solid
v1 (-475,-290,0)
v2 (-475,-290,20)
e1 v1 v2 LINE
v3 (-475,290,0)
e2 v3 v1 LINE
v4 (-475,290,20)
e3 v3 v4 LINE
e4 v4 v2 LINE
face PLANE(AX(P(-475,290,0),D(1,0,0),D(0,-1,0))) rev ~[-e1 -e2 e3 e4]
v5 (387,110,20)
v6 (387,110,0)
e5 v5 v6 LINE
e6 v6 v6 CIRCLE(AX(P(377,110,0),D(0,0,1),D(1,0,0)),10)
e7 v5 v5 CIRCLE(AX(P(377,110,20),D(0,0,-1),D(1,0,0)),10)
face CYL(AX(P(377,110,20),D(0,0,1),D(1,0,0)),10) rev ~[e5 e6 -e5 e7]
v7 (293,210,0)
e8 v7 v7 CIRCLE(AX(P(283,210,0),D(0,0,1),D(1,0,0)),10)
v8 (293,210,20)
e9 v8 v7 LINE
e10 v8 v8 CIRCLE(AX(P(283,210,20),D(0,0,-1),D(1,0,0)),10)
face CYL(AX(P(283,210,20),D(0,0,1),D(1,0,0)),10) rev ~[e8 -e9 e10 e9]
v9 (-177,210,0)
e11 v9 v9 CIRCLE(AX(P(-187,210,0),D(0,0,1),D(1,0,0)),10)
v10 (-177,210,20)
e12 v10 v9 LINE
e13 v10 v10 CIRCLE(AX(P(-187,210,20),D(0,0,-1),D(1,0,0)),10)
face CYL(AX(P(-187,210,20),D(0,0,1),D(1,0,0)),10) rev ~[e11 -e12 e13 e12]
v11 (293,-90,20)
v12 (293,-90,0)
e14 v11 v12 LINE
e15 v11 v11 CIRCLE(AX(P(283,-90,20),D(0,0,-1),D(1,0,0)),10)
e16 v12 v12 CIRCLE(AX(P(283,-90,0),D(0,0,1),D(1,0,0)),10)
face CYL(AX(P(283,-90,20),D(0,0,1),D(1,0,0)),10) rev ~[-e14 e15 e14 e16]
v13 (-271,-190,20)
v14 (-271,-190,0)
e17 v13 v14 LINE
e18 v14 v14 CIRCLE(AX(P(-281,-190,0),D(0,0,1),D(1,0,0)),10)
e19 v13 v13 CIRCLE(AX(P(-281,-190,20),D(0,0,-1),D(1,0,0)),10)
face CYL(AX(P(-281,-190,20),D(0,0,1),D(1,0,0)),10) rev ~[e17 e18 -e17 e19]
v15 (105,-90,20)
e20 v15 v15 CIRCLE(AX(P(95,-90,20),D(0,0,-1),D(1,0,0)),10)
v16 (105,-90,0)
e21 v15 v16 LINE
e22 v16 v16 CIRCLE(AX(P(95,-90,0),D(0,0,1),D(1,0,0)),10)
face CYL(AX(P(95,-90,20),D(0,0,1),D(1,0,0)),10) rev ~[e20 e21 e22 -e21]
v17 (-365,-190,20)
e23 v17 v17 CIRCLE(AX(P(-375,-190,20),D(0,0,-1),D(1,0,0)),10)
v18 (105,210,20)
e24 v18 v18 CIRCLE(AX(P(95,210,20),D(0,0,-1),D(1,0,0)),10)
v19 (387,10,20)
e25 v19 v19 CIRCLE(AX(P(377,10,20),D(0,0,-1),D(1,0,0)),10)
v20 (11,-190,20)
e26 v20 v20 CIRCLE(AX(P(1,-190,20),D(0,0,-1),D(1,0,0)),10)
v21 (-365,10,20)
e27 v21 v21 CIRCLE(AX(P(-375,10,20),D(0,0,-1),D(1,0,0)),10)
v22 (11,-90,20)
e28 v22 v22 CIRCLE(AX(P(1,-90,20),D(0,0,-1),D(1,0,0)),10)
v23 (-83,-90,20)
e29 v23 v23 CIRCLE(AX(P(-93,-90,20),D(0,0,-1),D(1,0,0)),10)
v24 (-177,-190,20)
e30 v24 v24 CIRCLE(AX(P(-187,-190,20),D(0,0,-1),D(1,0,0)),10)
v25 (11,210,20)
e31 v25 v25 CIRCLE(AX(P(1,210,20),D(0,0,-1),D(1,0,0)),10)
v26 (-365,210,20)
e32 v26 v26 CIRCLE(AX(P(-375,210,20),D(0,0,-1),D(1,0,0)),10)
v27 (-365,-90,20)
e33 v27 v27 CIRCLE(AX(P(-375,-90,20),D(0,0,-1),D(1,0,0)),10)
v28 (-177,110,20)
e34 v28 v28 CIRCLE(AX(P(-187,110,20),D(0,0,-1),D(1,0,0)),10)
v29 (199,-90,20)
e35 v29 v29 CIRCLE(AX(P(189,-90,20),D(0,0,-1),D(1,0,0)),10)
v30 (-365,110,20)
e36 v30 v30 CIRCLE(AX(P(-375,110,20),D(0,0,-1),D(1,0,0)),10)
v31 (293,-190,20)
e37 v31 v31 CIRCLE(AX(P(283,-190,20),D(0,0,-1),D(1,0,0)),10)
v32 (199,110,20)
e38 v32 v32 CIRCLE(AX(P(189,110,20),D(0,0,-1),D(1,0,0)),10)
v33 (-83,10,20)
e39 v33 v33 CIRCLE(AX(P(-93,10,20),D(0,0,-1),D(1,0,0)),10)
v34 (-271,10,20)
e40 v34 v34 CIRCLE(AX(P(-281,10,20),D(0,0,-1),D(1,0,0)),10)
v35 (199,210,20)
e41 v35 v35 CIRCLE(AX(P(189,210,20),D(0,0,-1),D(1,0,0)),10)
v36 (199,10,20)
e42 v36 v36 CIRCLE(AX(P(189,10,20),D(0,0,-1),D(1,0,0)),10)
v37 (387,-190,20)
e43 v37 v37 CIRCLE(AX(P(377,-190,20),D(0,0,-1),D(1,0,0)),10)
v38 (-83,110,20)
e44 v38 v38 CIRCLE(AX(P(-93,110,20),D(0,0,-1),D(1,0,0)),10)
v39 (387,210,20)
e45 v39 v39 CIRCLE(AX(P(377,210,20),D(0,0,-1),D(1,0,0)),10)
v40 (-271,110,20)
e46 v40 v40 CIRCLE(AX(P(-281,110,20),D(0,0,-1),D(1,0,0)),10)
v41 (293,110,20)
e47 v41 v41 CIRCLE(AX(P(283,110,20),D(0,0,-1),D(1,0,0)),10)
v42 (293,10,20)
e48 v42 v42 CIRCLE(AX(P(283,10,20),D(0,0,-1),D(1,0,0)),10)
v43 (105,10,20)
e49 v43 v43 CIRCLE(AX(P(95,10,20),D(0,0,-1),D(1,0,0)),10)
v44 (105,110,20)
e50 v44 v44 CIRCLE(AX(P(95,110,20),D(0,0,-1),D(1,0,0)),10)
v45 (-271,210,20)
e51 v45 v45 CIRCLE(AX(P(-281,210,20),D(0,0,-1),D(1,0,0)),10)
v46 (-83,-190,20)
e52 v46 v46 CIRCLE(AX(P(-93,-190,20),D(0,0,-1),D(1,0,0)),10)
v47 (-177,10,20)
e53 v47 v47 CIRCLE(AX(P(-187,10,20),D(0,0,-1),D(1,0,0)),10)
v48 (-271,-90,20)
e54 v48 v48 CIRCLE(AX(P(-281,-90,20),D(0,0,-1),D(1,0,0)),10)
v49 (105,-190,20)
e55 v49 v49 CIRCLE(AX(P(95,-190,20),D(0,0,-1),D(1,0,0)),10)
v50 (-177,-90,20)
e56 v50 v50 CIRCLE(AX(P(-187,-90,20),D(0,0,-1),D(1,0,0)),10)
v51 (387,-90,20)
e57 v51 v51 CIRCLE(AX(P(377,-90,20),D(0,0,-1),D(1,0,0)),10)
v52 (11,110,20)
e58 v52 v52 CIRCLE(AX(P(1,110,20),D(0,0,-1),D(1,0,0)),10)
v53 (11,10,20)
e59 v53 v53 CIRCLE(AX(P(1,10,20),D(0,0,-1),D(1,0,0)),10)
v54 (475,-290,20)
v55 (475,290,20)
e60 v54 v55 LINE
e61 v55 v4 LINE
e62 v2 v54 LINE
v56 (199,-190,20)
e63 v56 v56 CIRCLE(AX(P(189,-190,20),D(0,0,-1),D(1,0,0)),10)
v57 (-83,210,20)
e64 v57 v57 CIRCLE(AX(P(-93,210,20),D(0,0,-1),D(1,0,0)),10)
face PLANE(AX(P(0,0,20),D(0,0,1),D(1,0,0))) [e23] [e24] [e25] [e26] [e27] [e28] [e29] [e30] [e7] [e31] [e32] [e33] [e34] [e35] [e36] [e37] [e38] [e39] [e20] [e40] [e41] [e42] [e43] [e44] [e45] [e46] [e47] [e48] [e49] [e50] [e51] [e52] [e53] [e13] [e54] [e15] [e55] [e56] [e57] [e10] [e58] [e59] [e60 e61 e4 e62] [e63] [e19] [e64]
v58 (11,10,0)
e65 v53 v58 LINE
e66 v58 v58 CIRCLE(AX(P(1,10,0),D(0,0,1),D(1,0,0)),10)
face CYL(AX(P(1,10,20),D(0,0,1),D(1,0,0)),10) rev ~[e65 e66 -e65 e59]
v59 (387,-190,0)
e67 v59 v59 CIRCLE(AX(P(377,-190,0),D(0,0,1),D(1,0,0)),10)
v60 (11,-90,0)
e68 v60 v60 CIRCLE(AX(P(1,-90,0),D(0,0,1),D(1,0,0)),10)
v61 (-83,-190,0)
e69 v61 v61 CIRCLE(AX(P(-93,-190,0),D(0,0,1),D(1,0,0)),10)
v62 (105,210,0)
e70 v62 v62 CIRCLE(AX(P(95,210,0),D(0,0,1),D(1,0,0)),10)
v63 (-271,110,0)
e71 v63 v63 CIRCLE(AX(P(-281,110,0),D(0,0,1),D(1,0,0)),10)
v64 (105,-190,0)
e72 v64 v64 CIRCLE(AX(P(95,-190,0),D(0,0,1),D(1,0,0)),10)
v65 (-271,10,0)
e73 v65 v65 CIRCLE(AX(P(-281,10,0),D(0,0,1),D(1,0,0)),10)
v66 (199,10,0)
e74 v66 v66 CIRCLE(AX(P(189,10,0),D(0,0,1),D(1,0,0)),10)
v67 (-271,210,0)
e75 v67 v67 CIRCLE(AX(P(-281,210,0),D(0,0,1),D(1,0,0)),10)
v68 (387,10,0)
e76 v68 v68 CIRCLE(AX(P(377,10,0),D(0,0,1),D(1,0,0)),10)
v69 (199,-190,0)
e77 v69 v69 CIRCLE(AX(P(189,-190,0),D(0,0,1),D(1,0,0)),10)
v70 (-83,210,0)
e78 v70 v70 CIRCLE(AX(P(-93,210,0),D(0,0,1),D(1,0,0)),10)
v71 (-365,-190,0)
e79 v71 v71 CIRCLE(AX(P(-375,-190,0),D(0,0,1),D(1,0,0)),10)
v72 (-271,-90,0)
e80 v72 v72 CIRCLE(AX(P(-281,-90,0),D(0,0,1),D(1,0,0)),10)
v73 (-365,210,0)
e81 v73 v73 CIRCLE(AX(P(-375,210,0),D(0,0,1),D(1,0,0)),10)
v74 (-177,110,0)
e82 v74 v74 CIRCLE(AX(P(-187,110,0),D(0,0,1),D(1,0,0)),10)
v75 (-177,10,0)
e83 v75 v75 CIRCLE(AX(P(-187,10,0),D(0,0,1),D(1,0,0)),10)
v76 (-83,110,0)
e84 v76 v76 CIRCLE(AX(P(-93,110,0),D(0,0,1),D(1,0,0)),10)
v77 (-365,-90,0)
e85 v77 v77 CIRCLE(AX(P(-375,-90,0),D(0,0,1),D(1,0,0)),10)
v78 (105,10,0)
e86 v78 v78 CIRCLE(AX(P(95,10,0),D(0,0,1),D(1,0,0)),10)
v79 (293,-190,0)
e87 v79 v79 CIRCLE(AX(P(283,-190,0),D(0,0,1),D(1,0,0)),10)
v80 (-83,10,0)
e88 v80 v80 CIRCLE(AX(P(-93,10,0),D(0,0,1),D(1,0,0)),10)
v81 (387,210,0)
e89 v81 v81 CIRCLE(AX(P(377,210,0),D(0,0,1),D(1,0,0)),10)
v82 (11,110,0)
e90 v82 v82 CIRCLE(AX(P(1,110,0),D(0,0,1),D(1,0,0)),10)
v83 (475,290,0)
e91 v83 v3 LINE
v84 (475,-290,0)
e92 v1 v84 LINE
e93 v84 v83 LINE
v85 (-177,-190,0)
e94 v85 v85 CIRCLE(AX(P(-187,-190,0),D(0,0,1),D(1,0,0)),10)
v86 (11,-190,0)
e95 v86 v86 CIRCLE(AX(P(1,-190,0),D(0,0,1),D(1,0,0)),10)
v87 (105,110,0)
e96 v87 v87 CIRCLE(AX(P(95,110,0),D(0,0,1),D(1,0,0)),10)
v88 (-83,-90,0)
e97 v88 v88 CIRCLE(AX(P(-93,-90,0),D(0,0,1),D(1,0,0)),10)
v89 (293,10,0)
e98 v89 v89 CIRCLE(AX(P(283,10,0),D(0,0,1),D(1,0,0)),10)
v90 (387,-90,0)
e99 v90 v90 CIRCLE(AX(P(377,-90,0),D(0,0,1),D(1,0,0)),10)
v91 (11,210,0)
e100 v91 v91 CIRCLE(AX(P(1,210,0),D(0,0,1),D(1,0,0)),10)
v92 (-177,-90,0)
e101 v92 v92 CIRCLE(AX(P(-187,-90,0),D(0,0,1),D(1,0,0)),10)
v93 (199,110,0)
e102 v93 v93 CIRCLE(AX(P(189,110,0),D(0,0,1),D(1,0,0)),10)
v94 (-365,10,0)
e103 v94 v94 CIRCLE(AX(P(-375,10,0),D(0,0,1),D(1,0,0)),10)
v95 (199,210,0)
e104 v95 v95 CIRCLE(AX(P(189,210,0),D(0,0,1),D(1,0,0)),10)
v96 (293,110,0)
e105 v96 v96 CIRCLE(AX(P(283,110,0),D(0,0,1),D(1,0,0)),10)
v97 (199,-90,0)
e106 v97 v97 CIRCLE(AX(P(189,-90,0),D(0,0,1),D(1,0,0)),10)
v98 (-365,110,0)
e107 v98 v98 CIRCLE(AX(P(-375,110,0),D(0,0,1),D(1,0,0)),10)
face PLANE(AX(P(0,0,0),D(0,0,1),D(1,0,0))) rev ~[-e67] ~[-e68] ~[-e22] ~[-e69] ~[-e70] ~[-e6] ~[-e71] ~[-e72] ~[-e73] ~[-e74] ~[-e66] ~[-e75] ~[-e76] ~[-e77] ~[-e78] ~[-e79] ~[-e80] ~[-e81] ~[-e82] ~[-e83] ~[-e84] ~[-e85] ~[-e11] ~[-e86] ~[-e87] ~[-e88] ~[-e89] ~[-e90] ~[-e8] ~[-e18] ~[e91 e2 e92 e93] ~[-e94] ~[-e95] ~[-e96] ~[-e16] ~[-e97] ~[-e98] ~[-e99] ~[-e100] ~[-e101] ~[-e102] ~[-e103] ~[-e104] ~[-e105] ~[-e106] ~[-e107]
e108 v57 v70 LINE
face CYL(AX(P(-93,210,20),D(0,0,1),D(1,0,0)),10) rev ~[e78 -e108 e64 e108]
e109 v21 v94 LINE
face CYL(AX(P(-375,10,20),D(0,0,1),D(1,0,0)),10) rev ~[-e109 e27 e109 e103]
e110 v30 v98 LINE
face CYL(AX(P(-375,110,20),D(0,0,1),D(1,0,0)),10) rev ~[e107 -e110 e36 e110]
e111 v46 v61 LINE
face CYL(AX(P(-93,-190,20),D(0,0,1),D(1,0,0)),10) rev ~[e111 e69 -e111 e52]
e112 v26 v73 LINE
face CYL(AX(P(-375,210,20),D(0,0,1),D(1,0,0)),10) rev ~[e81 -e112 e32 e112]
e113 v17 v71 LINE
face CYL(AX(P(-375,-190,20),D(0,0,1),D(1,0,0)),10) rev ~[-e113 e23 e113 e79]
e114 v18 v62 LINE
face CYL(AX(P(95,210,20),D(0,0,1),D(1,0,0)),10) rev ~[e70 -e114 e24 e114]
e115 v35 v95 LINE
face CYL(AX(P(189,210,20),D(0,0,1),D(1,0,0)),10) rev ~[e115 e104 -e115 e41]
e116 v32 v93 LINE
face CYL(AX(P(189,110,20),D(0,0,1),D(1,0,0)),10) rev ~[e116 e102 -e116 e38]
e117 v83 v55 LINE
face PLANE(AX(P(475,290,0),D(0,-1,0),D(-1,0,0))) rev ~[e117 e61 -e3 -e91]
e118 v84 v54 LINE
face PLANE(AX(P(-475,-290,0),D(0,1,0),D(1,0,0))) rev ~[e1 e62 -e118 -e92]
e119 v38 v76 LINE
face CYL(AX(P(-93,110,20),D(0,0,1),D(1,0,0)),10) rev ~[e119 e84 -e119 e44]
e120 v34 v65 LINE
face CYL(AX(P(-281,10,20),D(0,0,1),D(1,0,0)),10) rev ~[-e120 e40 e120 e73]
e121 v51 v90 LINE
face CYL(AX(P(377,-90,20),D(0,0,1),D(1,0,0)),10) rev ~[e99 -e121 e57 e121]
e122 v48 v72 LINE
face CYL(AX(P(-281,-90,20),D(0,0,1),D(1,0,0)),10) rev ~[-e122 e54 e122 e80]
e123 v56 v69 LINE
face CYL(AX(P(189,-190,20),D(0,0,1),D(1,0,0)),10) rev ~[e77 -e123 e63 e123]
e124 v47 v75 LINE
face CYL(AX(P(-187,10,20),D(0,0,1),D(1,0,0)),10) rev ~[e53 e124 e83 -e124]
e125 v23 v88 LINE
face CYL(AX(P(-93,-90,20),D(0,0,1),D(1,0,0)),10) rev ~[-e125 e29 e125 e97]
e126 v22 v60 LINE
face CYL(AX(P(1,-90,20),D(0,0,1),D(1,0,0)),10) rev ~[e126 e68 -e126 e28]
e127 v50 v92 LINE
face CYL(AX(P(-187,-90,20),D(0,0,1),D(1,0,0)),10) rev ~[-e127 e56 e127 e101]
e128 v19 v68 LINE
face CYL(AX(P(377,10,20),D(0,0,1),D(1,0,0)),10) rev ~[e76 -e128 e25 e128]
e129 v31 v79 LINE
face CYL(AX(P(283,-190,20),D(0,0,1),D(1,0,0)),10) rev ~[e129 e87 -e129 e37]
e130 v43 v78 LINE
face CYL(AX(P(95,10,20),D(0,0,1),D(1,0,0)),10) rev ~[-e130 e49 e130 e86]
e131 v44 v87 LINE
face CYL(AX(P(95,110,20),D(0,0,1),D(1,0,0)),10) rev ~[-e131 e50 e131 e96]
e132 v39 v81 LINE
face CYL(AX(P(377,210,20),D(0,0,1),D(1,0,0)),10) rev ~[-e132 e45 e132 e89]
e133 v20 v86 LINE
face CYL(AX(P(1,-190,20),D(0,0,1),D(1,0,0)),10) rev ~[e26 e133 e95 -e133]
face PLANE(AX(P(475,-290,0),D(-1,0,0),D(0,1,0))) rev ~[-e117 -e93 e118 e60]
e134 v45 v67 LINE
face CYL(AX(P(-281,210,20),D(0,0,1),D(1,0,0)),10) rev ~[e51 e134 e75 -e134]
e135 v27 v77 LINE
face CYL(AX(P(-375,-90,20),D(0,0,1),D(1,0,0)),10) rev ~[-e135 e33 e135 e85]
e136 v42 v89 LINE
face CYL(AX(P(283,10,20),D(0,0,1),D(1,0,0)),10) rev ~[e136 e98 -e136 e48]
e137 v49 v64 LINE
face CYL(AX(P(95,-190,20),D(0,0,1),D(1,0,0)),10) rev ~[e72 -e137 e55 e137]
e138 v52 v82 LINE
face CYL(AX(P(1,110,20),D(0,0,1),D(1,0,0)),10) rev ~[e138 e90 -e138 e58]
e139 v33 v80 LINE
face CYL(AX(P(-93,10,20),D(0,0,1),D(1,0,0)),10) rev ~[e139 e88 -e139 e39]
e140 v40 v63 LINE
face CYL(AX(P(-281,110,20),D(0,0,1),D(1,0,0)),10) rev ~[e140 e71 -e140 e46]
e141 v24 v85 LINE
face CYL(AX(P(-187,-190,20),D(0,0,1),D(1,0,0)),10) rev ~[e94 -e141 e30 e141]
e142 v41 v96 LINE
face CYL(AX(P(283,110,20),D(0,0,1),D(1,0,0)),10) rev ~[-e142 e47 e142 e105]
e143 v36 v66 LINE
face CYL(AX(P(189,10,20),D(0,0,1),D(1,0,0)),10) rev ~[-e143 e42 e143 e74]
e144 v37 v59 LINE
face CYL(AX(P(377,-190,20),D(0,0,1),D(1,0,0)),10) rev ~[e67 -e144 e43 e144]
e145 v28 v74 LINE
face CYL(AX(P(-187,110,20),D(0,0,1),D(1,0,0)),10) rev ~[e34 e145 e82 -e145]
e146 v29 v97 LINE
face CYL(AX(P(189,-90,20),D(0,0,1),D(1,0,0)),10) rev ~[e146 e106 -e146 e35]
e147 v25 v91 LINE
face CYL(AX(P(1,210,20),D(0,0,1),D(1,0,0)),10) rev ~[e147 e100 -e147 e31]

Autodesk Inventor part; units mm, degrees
ref_plane "YZ Plane" through (0, 0, 0) normal (1, 0, 0) x (0, 1, 0)
ref_plane "XZ Plane" through (0, 0, 0) normal (0, 1, 0) x (-1, 0, 0)
ref_plane "XY Plane" through (0, 0, 0) normal (0, 0, 1) x (1, 0, 0)
sketch "Szkic1" plane through (0, 0, 0) normal (0, 0, 1) x (1, 0, 0)
  line L0 (-475, -290) -> (475, -290)
  line L1 (475, -290) -> (475, 290)
  line L2 (475, 290) -> (-475, 290)
  line L3 (-475, 290) -> (-475, -290)
  line L4 (-475, -290) -> (475, 290) construction
  line L5 (475, -290) -> (-475, 290) construction
  point P0 (0, 0)
  dimension "d0" = 950
  dimension "d1" = 580
extrude "Wyciągnięcie proste1" add sketch "Szkic1" along normal blind 20
sketch "Szkic2" plane through (0, 0, 20) normal (0, 0, 1) x (1, 0, 0)
  line L0 (-475, -290) -> (475, -290) projected
  line L1 (475, -290) -> (475, 290) projected
  line L2 (475, 290) -> (-475, 290) projected
  line L3 (-475, 290) -> (-475, -290) projected
  line L4 (-475, -290) -> (475, -290) projected
  line L5 (-475, -290) -> (-375, -290)
  line L6 (-475, -290) -> (-375, -290) construction
  line L7 (-375, -290) -> (-375, 290)
  line L8 (-375, -290) -> (-375, -190)
  circle A0 centre (-375, -190) radius 10
  point P0 (0, 0)
  dimension "d4" = 100
  dimension "d5" = 0
  dimension "d6" = 100
  dimension "d7" = 20
extrude "Wyciągnięcie proste2" cut sketch "Szkic2" against normal up to next contours A0 L7 | L7 A0
pattern_linear "Szyk prostokątny1" count 5 spacing 100 along (0, 1, 0) count 9 spacing 94 along (1, 0, 0) of "Wyciągnięcie proste2"
properties part number "Sklejka stołu"
